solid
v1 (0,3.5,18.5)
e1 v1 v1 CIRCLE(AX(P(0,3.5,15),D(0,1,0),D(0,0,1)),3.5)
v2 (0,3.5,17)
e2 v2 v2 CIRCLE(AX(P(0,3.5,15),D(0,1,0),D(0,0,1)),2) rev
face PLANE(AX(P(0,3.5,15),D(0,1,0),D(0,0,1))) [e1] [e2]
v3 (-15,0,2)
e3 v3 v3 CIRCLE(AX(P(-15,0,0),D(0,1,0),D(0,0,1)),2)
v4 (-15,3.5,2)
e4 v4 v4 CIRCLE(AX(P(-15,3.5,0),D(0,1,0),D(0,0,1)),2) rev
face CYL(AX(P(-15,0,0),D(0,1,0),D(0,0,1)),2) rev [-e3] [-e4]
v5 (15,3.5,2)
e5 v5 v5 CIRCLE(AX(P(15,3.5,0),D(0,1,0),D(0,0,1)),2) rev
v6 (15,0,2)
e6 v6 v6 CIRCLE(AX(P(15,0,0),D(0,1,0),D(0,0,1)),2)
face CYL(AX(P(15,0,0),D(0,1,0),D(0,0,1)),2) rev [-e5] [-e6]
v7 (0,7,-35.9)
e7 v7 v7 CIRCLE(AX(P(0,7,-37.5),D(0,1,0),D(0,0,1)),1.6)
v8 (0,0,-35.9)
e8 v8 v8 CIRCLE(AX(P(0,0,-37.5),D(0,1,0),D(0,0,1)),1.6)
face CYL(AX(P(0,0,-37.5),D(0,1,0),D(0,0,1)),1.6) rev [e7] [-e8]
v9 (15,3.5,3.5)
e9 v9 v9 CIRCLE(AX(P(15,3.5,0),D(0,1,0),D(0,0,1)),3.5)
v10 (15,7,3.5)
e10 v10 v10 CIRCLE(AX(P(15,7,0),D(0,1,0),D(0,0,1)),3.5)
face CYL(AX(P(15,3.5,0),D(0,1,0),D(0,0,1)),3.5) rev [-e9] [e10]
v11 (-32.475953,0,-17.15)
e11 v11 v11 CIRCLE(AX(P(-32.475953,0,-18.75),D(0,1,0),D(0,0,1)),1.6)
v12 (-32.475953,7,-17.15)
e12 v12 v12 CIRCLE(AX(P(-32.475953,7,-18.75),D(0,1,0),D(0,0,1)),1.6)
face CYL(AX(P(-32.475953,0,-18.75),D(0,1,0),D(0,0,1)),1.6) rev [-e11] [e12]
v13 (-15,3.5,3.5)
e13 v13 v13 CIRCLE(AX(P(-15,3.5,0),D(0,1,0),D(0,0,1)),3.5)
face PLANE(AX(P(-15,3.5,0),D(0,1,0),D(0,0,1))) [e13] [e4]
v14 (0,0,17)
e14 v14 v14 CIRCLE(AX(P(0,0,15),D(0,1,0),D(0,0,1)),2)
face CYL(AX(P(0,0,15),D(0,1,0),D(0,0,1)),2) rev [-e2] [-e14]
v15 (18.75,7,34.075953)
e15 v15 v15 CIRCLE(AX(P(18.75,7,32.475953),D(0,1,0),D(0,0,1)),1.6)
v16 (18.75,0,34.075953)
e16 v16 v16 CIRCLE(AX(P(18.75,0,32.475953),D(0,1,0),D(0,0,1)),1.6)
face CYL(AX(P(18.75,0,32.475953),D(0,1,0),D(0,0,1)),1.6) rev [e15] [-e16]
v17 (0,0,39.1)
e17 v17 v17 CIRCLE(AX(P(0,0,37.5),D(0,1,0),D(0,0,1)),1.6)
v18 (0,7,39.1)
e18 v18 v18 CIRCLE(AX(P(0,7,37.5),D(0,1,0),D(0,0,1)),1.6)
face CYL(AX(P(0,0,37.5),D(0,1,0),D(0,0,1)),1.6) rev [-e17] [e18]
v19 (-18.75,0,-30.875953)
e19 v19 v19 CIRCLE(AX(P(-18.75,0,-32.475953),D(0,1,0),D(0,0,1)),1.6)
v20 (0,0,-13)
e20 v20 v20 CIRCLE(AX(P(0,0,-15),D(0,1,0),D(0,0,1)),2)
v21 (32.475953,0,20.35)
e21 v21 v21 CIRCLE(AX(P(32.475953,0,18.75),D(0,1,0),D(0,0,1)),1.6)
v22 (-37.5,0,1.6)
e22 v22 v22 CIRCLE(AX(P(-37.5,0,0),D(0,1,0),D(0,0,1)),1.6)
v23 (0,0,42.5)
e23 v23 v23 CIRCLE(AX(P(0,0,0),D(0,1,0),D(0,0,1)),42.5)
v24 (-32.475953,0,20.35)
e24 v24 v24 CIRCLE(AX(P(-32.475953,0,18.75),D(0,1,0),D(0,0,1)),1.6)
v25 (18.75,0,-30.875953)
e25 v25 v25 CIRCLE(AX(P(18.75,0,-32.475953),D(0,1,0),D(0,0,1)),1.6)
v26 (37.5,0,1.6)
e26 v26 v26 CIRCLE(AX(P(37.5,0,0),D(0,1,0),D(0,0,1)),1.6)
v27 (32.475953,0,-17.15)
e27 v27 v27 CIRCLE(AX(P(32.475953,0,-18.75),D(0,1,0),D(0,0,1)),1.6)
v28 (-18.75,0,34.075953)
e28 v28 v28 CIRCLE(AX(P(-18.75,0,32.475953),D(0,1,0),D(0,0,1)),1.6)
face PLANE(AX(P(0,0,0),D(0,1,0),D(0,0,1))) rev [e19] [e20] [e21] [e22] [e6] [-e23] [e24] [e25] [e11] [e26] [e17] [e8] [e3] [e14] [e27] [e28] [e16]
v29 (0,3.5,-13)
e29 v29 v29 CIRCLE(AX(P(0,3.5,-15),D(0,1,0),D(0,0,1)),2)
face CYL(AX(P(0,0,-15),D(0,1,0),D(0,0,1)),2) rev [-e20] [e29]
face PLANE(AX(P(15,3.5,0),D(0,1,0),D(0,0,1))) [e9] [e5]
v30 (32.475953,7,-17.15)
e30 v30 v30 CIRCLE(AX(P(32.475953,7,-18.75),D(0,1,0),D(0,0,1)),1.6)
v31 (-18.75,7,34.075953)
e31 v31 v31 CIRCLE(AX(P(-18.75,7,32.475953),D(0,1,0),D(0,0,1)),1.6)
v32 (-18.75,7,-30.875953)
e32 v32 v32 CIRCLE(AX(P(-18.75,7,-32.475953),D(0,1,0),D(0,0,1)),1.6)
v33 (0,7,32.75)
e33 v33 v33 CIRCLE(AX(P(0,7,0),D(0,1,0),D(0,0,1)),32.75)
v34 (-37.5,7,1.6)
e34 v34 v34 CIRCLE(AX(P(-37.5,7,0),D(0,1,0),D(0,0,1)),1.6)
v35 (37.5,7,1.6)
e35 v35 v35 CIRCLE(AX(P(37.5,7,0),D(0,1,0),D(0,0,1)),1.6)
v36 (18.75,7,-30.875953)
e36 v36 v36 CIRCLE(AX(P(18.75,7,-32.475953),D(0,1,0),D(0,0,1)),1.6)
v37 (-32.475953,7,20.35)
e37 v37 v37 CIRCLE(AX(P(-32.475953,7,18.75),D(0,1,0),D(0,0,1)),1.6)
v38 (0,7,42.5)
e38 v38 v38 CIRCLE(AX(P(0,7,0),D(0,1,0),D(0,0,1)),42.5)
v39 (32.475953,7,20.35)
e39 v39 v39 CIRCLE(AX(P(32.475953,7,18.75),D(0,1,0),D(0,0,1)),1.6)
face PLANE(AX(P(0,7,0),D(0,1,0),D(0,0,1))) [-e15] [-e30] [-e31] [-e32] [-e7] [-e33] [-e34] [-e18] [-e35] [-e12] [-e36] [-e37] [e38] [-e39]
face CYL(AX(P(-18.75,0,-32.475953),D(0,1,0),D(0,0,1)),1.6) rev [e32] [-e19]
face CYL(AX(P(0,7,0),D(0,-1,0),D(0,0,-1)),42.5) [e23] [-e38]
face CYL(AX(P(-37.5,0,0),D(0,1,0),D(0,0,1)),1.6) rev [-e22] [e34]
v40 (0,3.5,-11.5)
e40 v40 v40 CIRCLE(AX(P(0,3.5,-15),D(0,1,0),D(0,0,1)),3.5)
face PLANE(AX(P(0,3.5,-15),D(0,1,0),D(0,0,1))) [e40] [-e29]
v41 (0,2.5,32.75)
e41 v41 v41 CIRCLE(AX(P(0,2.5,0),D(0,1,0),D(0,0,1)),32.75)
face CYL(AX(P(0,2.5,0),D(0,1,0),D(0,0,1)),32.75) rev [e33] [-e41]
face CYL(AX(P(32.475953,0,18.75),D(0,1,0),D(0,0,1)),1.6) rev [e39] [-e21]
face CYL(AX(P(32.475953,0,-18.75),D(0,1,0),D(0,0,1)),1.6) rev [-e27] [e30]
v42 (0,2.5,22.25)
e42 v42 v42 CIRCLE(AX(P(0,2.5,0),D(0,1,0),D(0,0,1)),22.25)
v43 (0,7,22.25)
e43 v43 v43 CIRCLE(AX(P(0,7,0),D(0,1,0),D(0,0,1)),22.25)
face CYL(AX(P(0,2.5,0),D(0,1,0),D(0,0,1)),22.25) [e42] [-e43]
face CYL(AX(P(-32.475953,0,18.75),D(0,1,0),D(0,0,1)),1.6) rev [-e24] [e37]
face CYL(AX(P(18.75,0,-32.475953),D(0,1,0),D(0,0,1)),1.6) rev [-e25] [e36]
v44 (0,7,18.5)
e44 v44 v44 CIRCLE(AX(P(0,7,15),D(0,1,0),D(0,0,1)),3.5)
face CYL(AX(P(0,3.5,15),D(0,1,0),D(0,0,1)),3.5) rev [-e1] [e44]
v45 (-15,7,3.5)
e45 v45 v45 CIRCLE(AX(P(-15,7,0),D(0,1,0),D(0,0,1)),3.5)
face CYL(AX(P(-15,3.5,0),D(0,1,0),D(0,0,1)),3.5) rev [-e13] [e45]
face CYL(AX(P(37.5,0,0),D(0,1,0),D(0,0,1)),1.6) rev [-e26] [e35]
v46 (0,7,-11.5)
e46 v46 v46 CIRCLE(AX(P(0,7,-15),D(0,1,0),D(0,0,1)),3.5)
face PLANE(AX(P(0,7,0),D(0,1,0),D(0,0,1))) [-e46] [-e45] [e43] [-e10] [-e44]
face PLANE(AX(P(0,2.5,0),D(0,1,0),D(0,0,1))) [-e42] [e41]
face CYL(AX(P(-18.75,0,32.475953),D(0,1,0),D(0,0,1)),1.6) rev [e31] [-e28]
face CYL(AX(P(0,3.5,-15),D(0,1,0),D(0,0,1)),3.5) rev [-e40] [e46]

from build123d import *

# Parameters (mm, degrees)
SKETCH1_R           = 42.5
BOSS_EXTRUDE1_DEPTH = 7
SKETCH2_R           = 32.75
SKETCH2_R_2         = 22.25
CUT_EXTRUDE1_DEPTH  = 4.5
SKETCH3_R           = 1.6
CUT_EXTRUDE2_DEPTH  = 61.510329697
SKETCH4_R           = 2
CUT_EXTRUDE3_DEPTH  = 61.510329697
SKETCH5_R           = 3.5
SKETCH5_R_2         = 2
CUT_EXTRUDE4_DEPTH  = 3.5


with BuildPart() as part:
    # Sketch1 → Boss-Extrude1 (new body)
    with BuildSketch(Plane(origin=(0, 0, 0), x_dir=(1, 0, 0), z_dir=(0, 1, 0))):
        with Locations(Location((0, 0, 0), (0, 0, 270))):
            Circle(SKETCH1_R)
    extrude(amount=BOSS_EXTRUDE1_DEPTH)

    # Sketch2 → Cut-Extrude1 (cut)
    with BuildSketch(Plane(origin=(0, 7, 0), x_dir=(1, 0, 0), z_dir=(0, 1, 0))):
        with Locations(Location((0, 0, 0), (0, 0, 270))):
            Circle(SKETCH2_R)
        with Locations(Location((0, 0, 0), (0, 0, 270))):
            Circle(SKETCH2_R_2, mode=Mode.SUBTRACT)
    extrude(amount=-CUT_EXTRUDE1_DEPTH, mode=Mode.SUBTRACT)

    # Sketch3 → Cut-Extrude2 (cut, through all)
    with BuildSketch(Plane(origin=(0, 7, 0), x_dir=(1, 0, 0), z_dir=(0, 1, 0))):
        with Locations(Location((0, 37.5, 0), (0, 0, 270))):
            Circle(SKETCH3_R)
        with Locations(Location((18.75, 32.475952642, 0), (0, 0, 270))):
            Circle(SKETCH3_R)
        with Locations(Location((32.475952642, 18.75, 0), (0, 0, 270))):
            Circle(SKETCH3_R)
        with Locations(Location((37.5, 0, 0), (0, 0, 270))):
            Circle(SKETCH3_R)
        with Locations(Location((32.475952642, -18.75, 0), (0, 0, 270))):
            Circle(SKETCH3_R)
        with Locations(Location((18.75, -32.475952642, 0), (0, 0, 270))):
            Circle(SKETCH3_R)
        with Locations(Location((0, -37.5, 0), (0, 0, 270))):
            Circle(SKETCH3_R)
        with Locations(Location((-18.75, -32.475952642, 0), (0, 0, 270))):
            Circle(SKETCH3_R)
        with Locations(Location((-32.475952642, -18.75, 0), (0, 0, 270))):
            Circle(SKETCH3_R)
        with Locations(Location((-37.5, 0, 0), (0, 0, 270))):
            Circle(SKETCH3_R)
        with Locations(Location((-32.475952642, 18.75, 0), (0, 0, 270))):
            Circle(SKETCH3_R)
        with Locations(Location((-18.75, 32.475952642, 0), (0, 0, 270))):
            Circle(SKETCH3_R)
    extrude(amount=-CUT_EXTRUDE2_DEPTH, mode=Mode.SUBTRACT)

    # Sketch4 → Cut-Extrude3 (cut, through all)
    with BuildSketch(Plane(origin=(0, 7, 0), x_dir=(1, 0, 0), z_dir=(0, 1, 0))):
        with Locations(Location((0, 15, 0), (0, 0, 270))):
            Circle(SKETCH4_R)
        with Locations(Location((15, 0, 0), (0, 0, 270))):
            Circle(SKETCH4_R)
        with Locations(Location((0, -15, 0), (0, 0, 270))):
            Circle(SKETCH4_R)
        with Locations(Location((-15, 0, 0), (0, 0, 270))):
            Circle(SKETCH4_R)
    extrude(amount=-CUT_EXTRUDE3_DEPTH, mode=Mode.SUBTRACT)

    # Sketch5 → Cut-Extrude4 (cut)
    # profile 1 of 4: a face of its own
    with BuildSketch(Plane(origin=(0, 7, 0), x_dir=(1, 0, 0), z_dir=(0, 1, 0))):
        with Locations(Location((0, 15, 0), (0, 0, 270))):
            Circle(SKETCH5_R)
        with Locations(Location((0, 15, 0), (0, 0, 270))):
            Circle(SKETCH5_R_2, mode=Mode.SUBTRACT)
    # profile 2 of 4: a face of its own
    with BuildSketch(Plane(origin=(0, 7, 0), x_dir=(1, 0, 0), z_dir=(0, 1, 0))):
        with Locations(Location((15, 0, 0), (0, 0, 270))):
            Circle(SKETCH5_R)
    # profile 3 of 4: a face of its own
    with BuildSketch(Plane(origin=(0, 7, 0), x_dir=(1, 0, 0), z_dir=(0, 1, 0))):
        with Locations(Location((0, -15, 0), (0, 0, 270))):
            Circle(SKETCH5_R)
    # profile 4 of 4: a face of its own
    with BuildSketch(Plane(origin=(0, 7, 0), x_dir=(1, 0, 0), z_dir=(0, 1, 0))):
        with Locations(Location((-15, 0, 0), (0, 0, 270))):
            Circle(SKETCH5_R)
    extrude(amount=-CUT_EXTRUDE4_DEPTH, mode=Mode.SUBTRACT)


solid = part.part
